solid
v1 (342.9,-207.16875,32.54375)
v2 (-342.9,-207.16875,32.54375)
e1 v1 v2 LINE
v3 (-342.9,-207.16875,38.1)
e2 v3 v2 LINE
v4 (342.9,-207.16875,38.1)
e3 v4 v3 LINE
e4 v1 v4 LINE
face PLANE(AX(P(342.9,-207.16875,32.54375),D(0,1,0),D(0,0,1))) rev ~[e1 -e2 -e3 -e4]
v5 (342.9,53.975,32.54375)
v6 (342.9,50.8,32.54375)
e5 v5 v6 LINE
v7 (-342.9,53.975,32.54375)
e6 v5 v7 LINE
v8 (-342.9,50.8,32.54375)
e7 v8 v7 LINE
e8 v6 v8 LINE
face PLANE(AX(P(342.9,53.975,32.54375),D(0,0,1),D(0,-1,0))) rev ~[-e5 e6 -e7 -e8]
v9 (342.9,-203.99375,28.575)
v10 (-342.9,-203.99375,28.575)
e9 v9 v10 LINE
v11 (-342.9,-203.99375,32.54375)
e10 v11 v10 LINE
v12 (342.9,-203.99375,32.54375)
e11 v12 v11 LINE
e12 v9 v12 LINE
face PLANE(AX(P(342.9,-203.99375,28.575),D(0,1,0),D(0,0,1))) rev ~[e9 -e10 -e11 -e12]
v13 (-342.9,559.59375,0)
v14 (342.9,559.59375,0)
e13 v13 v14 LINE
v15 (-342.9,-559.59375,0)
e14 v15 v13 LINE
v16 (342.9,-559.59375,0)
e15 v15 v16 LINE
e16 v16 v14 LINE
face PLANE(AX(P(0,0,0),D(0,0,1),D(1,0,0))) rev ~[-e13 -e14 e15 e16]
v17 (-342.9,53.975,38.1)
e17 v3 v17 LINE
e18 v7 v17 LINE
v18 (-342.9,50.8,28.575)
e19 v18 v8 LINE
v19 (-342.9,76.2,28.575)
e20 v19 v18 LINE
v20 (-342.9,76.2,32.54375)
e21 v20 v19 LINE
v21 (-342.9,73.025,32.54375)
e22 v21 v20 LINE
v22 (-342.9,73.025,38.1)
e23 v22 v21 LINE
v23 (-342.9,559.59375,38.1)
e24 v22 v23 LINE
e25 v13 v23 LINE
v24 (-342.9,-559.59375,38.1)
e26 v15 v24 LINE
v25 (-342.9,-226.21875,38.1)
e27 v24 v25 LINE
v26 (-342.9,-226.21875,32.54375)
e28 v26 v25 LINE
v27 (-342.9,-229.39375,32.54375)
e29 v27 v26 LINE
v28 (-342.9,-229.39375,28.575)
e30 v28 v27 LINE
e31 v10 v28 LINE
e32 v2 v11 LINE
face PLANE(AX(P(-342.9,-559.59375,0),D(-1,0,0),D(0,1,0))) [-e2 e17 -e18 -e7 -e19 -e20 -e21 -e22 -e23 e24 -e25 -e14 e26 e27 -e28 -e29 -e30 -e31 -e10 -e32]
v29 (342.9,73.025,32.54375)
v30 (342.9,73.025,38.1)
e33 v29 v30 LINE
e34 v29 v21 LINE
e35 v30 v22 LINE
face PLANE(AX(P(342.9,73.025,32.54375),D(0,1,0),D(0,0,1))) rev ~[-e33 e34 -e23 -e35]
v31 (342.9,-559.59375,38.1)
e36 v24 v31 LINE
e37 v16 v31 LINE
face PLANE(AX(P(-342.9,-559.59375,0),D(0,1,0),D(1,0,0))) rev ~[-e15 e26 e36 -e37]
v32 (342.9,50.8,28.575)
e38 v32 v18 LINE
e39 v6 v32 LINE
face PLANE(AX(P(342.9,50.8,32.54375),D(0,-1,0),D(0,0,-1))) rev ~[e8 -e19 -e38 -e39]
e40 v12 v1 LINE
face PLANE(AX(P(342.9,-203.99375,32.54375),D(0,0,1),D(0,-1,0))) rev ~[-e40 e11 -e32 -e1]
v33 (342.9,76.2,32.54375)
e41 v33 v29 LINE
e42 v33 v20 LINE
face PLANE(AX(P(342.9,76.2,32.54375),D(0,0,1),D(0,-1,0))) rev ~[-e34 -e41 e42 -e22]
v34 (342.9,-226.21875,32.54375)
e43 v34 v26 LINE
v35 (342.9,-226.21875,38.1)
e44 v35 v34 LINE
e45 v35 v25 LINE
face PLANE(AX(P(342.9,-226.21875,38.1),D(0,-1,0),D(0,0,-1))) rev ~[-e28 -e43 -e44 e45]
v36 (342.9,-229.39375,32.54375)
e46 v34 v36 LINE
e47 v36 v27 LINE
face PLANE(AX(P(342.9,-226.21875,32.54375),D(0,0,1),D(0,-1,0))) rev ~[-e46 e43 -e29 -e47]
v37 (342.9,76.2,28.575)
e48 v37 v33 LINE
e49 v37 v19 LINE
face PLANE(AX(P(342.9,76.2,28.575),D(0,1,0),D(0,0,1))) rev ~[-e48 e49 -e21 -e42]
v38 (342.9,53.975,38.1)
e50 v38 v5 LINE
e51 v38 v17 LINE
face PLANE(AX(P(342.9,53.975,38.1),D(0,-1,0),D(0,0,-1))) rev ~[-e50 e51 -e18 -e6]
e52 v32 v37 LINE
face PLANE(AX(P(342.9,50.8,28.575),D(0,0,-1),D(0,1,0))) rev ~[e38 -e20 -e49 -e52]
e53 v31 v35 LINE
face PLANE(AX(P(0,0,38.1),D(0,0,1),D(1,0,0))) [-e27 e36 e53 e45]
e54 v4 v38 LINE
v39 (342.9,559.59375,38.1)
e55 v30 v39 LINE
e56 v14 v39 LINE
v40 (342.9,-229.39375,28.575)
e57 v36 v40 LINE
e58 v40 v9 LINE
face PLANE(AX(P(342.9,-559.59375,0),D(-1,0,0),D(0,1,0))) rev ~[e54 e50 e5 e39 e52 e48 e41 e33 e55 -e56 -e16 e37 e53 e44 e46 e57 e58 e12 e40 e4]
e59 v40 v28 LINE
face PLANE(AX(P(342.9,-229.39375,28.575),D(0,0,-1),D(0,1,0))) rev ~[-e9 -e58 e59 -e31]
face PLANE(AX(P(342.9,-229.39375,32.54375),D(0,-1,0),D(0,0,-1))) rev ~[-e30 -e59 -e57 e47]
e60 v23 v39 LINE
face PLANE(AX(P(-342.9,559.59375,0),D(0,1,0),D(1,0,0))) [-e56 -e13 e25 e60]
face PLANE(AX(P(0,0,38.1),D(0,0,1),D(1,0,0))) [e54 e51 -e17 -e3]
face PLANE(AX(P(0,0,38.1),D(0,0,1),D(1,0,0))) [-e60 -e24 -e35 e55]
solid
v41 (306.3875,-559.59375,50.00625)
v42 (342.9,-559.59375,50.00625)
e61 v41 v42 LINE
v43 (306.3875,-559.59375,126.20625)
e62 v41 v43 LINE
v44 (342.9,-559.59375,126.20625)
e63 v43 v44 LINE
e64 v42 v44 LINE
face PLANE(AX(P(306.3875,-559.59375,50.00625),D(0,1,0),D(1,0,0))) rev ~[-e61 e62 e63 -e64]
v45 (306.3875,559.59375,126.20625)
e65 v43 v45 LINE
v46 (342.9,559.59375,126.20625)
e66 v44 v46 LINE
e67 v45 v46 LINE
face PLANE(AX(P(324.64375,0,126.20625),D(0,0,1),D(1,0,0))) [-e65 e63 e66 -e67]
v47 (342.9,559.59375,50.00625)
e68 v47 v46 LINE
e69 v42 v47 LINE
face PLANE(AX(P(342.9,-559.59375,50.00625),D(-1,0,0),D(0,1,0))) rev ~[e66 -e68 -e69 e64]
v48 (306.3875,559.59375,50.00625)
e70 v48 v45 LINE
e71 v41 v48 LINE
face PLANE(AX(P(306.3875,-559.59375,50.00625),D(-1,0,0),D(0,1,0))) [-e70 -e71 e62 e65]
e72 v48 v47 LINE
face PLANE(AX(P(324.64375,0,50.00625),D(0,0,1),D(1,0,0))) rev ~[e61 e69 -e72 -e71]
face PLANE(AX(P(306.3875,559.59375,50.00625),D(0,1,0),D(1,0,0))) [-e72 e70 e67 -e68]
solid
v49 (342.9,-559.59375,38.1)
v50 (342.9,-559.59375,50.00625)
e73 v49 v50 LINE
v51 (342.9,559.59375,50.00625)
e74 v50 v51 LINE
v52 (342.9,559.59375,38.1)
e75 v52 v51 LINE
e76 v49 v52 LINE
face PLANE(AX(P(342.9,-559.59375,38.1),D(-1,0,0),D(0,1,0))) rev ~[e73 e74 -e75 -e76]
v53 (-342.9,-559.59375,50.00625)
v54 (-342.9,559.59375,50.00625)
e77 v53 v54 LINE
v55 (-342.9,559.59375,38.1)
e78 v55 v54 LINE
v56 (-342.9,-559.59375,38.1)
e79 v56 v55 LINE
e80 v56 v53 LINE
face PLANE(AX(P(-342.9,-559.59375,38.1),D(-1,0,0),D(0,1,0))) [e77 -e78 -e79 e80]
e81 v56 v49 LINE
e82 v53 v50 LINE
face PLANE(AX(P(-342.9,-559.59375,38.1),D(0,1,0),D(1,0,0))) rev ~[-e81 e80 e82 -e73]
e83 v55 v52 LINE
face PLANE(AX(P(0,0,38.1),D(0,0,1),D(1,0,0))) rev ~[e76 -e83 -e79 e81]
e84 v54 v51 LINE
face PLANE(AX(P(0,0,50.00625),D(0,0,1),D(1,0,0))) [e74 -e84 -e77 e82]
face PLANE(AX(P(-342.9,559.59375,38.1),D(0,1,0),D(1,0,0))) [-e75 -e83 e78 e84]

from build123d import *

# Parameters (mm, degrees)
F0_W      = 685.8
F0_H      = 1119.1875
F1_DEPTH  = 38.1
F3_DEPTH  = 685.801
F4_DEPTH  = 685.801
F7_W      = 685.8
F7_H      = 1119.1875
F8_DEPTH  = 11.90625
F9_W      = 36.5125
F9_H      = 1119.1875
F10_DEPTH = 76.2


with BuildPart() as f1:
    # F0 (on Top) → F1 (new body)
    with BuildSketch(Plane.XY):
        Rectangle(F0_W, F0_H)
    extrude(amount=F1_DEPTH)

    # F2 (on face) → F3 (cut, through all)
    with BuildSketch(Plane.YZ.offset(342.9)):
        Polygon((-207.16875, 38.1), (-226.21875, 38.1), (-226.21875, 32.54375), (-229.39375, 32.54375), (-229.39375, 28.575), (-203.99375, 28.575), (-203.99375, 32.54375), (-207.16875, 32.54375), align=None)
    extrude(amount=-F3_DEPTH, mode=Mode.SUBTRACT)

    # F2 (on face) → F4 (cut, through all)
    with BuildSketch(Plane.YZ.offset(342.9)):
        Polygon((73.025, 38.1), (53.975, 38.1), (53.975, 32.54375), (50.8, 32.54375), (50.8, 28.575), (76.2, 28.575), (76.2, 32.54375), (73.025, 32.54375), align=None)
    extrude(amount=-F4_DEPTH, mode=Mode.SUBTRACT)


with BuildPart() as f8:
    # F7 (on face) → F8 (new body)
    with BuildSketch(Plane.XY.offset(38.1)):
        Rectangle(F7_W, F7_H)
    extrude(amount=F8_DEPTH)


with BuildPart() as f10:
    # F9 (on face) → F10 (new body)
    with BuildSketch(Plane.XY.offset(50.00625)):
        with Locations((324.64375, 0)):
            Rectangle(F9_W, F9_H)
    extrude(amount=F10_DEPTH)


solid = Compound([f1.part, f8.part, f10.part])
